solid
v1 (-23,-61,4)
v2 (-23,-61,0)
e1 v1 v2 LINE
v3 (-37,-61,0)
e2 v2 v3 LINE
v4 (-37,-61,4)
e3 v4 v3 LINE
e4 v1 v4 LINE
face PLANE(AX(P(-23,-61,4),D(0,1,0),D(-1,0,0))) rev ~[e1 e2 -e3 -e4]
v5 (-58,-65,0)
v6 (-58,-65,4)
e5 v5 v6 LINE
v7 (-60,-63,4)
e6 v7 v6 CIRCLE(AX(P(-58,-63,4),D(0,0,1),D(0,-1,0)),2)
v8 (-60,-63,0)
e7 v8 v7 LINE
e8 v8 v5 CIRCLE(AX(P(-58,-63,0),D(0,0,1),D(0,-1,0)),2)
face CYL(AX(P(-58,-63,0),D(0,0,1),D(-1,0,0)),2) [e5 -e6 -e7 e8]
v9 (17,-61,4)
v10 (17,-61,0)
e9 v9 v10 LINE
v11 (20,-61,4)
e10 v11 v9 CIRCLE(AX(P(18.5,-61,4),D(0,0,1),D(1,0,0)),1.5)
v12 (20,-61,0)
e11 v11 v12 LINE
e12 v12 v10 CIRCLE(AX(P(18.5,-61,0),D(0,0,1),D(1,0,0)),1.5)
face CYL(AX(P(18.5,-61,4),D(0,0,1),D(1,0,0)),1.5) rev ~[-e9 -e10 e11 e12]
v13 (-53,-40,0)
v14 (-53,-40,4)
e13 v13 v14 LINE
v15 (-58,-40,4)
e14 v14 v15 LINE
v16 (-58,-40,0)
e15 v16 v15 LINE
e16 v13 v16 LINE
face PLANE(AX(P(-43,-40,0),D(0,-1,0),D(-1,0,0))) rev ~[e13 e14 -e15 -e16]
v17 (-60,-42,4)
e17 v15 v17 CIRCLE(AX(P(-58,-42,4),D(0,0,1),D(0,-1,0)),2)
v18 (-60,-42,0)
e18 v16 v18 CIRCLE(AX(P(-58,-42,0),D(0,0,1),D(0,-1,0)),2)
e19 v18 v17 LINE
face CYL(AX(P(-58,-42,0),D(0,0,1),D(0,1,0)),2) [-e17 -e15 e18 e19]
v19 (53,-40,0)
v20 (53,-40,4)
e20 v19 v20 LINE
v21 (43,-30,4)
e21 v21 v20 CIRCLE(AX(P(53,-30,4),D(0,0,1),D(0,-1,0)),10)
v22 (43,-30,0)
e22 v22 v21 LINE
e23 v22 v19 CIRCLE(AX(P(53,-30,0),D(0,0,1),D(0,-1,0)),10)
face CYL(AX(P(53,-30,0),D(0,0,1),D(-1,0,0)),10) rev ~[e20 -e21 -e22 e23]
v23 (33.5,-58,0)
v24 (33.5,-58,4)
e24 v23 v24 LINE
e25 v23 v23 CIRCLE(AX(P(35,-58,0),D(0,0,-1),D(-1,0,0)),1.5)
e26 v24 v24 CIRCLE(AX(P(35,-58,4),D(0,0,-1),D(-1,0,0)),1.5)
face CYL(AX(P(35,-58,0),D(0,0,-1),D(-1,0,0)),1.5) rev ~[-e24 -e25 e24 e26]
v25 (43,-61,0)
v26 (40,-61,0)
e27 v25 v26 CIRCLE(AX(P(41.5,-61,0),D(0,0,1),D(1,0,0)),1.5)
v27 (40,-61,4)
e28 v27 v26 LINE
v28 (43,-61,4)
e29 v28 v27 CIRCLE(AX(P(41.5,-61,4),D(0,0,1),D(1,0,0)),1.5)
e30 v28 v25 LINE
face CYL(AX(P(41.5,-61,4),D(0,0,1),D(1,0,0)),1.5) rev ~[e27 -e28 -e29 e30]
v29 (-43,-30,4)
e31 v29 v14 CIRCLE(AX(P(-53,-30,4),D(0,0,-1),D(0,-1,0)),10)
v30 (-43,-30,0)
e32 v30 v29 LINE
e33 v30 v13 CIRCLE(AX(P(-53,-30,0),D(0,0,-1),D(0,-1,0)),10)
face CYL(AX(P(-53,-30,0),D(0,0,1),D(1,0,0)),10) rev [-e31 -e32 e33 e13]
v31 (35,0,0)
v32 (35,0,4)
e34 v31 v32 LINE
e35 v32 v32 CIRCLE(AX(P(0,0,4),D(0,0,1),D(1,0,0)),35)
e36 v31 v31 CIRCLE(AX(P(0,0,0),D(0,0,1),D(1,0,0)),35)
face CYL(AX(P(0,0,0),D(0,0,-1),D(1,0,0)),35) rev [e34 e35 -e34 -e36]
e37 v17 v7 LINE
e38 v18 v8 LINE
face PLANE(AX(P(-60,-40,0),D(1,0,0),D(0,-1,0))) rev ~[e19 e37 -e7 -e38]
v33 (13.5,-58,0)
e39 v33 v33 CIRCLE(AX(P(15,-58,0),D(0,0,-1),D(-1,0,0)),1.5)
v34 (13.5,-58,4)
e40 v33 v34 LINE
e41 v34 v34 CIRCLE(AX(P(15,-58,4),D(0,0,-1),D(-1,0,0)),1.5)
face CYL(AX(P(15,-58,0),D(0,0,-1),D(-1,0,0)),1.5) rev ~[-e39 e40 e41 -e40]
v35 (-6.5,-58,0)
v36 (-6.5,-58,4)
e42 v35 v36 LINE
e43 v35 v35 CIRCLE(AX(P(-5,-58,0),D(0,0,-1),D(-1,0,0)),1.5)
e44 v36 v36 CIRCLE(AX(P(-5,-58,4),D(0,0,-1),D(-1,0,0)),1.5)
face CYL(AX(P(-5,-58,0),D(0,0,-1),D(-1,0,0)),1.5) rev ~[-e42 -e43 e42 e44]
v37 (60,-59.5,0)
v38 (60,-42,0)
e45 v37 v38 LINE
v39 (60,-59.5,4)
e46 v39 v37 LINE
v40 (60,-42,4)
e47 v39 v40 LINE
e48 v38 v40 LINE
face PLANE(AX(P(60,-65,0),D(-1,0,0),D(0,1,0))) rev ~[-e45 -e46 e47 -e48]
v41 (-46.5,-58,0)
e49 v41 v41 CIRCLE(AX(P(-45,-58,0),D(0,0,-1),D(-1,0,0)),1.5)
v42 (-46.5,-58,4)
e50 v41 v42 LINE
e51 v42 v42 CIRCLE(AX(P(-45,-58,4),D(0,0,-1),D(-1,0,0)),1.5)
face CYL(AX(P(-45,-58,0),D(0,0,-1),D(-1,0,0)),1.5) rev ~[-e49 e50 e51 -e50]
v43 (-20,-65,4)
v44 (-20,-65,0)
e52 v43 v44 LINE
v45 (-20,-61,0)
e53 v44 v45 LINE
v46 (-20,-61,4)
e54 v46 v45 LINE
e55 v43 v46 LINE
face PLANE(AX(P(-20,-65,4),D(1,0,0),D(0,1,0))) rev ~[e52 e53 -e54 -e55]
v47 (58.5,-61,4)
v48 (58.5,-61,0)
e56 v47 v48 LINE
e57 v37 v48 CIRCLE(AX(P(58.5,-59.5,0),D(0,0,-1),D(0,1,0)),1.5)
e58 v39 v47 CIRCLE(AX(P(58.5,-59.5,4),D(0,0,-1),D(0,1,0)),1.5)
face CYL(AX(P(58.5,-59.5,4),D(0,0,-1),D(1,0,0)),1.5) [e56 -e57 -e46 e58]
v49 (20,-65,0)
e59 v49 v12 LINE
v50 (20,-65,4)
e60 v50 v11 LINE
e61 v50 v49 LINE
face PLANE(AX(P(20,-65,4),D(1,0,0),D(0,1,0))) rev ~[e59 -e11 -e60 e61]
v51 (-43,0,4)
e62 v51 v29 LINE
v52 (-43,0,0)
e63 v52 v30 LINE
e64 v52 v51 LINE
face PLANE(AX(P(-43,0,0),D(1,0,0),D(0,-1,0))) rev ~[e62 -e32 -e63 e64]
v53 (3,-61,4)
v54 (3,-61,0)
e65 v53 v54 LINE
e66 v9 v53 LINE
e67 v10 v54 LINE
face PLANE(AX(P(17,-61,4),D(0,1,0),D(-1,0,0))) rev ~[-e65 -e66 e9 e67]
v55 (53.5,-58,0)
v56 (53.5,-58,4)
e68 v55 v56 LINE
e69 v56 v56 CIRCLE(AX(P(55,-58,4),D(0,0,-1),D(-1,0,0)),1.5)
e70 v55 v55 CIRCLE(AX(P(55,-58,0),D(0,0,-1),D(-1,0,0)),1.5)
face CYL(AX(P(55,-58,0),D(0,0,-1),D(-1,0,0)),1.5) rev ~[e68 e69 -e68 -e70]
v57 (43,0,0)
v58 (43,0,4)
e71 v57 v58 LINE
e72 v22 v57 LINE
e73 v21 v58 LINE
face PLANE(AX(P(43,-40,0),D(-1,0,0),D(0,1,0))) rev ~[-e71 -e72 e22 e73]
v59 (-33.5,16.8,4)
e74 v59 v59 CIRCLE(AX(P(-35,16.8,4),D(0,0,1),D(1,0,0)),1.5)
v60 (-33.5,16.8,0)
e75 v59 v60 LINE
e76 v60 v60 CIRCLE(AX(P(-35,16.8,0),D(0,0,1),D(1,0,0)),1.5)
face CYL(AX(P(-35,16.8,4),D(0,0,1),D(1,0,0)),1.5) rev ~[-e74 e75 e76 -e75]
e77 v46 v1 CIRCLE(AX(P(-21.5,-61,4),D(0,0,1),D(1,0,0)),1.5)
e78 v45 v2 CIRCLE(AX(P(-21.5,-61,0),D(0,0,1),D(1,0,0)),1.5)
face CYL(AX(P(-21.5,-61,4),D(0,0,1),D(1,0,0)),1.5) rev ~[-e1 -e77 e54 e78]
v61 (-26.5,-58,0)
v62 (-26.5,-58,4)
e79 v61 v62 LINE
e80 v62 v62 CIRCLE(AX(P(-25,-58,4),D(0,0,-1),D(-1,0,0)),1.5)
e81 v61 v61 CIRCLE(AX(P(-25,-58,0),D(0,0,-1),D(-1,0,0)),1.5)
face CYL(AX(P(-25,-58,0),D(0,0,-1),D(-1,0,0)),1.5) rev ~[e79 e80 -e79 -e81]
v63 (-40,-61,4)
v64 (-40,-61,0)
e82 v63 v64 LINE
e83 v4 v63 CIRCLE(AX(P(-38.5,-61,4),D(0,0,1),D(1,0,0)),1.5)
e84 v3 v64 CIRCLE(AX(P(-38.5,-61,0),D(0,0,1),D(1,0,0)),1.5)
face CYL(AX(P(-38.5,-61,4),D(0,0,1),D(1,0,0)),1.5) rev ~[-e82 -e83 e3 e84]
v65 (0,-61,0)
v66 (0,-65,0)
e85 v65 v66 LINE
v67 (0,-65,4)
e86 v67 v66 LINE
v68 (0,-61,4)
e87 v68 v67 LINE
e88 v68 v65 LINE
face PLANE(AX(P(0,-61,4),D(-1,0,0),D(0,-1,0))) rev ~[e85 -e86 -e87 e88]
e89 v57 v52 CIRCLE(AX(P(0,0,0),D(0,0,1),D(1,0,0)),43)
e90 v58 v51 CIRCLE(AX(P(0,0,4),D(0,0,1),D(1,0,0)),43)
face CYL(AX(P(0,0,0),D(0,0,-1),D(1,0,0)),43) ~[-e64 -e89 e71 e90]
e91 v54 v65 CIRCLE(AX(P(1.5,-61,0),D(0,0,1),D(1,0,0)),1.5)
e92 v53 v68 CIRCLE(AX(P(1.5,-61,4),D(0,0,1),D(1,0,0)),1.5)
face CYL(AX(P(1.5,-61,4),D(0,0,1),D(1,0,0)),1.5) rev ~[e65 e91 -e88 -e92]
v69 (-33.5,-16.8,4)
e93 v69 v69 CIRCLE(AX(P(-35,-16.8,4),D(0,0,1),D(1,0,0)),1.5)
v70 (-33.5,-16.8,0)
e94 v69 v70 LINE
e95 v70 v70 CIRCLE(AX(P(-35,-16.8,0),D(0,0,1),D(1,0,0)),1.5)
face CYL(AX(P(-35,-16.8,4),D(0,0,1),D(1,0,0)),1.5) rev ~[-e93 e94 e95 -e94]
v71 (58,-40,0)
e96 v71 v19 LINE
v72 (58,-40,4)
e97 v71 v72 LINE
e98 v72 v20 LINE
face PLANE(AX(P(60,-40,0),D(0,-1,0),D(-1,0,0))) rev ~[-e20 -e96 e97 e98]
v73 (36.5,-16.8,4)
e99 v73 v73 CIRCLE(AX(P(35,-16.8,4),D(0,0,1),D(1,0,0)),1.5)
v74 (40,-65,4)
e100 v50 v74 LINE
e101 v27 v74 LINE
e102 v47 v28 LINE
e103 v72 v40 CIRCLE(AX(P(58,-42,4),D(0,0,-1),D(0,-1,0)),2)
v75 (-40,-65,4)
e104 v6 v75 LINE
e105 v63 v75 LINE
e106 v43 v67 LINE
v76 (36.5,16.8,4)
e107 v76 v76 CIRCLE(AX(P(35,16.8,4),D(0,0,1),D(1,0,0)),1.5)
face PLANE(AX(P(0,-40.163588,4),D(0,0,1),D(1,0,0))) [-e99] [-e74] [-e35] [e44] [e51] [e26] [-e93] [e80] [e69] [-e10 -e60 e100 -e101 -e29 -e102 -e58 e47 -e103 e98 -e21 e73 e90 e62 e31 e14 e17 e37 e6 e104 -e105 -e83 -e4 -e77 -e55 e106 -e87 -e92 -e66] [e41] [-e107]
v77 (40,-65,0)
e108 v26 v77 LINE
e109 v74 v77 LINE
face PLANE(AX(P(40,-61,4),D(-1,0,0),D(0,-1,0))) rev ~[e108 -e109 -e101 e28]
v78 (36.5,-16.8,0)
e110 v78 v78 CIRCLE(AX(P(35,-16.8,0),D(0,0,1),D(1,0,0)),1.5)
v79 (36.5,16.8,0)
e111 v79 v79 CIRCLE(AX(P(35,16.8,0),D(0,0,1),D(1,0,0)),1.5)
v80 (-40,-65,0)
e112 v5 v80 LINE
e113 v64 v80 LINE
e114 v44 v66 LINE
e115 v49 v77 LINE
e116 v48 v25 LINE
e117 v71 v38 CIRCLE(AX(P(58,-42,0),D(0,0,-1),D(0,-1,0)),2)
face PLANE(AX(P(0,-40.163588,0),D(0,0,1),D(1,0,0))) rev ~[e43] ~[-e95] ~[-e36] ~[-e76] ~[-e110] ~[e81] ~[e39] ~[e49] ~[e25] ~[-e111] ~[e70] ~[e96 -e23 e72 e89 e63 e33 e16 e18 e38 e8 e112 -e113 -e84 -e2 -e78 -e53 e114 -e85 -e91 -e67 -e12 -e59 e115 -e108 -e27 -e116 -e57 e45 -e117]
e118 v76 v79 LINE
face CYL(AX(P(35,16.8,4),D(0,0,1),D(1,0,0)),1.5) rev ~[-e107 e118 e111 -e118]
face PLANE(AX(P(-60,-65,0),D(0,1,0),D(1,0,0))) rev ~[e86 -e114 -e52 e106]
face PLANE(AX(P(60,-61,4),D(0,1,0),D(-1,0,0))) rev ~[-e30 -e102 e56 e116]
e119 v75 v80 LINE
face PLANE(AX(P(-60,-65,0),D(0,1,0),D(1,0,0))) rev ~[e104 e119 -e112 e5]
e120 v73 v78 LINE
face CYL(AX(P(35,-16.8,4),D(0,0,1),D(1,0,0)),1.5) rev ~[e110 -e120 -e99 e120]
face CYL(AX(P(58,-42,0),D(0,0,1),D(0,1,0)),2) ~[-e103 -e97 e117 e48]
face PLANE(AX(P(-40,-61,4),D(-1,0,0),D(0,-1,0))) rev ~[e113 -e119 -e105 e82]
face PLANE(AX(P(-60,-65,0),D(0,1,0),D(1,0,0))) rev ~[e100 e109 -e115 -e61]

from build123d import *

# Parameters (mm, degrees)
SKETCH_1_R          = 43
SKETCH_1_R_2        = 35
EXTRUDE_1_DEPTH     = 4
SKETCH_2_R          = 1.5
CUT_EXTRUDE_1_DEPTH = 10
FILLET_1_R          = 10
FILLET_2_R          = 2
CUT_EXTRUDE_2_DEPTH = 10
FILLET_3_R          = 1.5
SKETCH_4_R          = 1.5
CUT_EXTRUDE_3_DEPTH = 4


with BuildPart() as part:
    # 草图1 → 凸台-拉伸1 (new body)
    # profile 1 of 2: a face of its own
    with BuildSketch(Plane.XY):
        Circle(SKETCH_1_R)
        Circle(SKETCH_1_R_2, mode=Mode.SUBTRACT)
    # profile 2 of 2: a face of its own
    with BuildSketch(Plane.XY):
        with BuildLine():
            ThreePointArc((43, 0), (0, -43), (-43, 0))
            Line((-43, 0), (-43, -40))
            Line((-43, -40), (-60, -40))
            Line((-60, -40), (-60, -65))
            Line((-60, -65), (60, -65))
            Line((60, -65), (60, -40))
            Line((60, -40), (43, -40))
            Line((43, -40), (43, 0))
        make_face()
    extrude(amount=EXTRUDE_1_DEPTH)

    # 草图2 → 切除-拉伸1 (cut)
    with BuildSketch(Plane.XY.offset(4)):
        with Locations((-35, 16.8)):
            Circle(SKETCH_2_R)
        with Locations((-35, -16.8)):
            Circle(SKETCH_2_R)
        with Locations((35, -16.8)):
            Circle(SKETCH_2_R)
        with Locations((35, 16.8)):
            Circle(SKETCH_2_R)
    extrude(amount=-CUT_EXTRUDE_1_DEPTH, mode=Mode.SUBTRACT)

    # 圆角1
    fillet_1_edges = [part.edges().sort_by_distance(p)[0] for p in [
        (43, -40, 2),
        (-43, -40, 2),
    ]]
    fillet(fillet_1_edges, radius=FILLET_1_R)

    # 圆角2
    fillet_2_edges = [part.edges().sort_by_distance(p)[0] for p in [
        (60, -40, 2),
        (60, -65, 2),
        (-60, -65, 2),
        (-60, -40, 2),
    ]]
    fillet(fillet_2_edges, radius=FILLET_2_R)

    # 草图3 → 切除-拉伸2 (cut)
    with BuildSketch(Plane.XY.offset(4)):
        Polygon((-40, -61), (-40, -65), (-20, -65), (-20, -61), (-23, -61), (-37, -61), align=None)
        with BuildLine():
            ThreePointArc((-37, -61), (-38.5, -59.5), (-40, -61))
            Line((-40, -61), (-37, -61))
        make_face()
        with BuildLine():
            Line((-23, -61), (-20, -61))
            ThreePointArc((-20, -61), (-21.5, -59.5), (-23, -61))
        make_face()
        with BuildLine():
            ThreePointArc((3, -61), (1.5, -59.5), (0, -61))
            Line((0, -61), (3, -61))
        make_face()
        Polygon((0, -61), (0, -65), (20, -65), (20, -61), (17, -61), (3, -61), align=None)
        with BuildLine():
            Line((17, -61), (20, -61))
            ThreePointArc((20, -61), (18.5, -59.5), (17, -61))
        make_face()
        with BuildLine():
            ThreePointArc((43, -61), (41.5, -59.5), (40, -61))
            Line((40, -61), (43, -61))
        make_face()
        with BuildLine():
            Line((40, -61), (40, -65))
            Line((40, -65), (58, -65))
            ThreePointArc((58, -65), (59.414213562, -64.414213562), (60, -63))
            Line((60, -63), (60, -61))
            Line((60, -61), (43, -61))
            Line((43, -61), (40, -61))
        make_face()
    extrude(amount=-CUT_EXTRUDE_2_DEPTH, mode=Mode.SUBTRACT)

    # 圆角3
    fillet_3_edges = [part.edges().sort_by_distance(p)[0] for p in [
        (60, -61, 2),
    ]]
    fillet(fillet_3_edges, radius=FILLET_3_R)

    # 草图4 → 切除-拉伸3 (cut)
    with BuildSketch(Plane(origin=(0, 0, 0), x_dir=(-1, 0, 0), z_dir=(0, 0, -1))):
        with Locations((-55, -58)):
            Circle(SKETCH_4_R)
        with Locations((-35, -58)):
            Circle(SKETCH_4_R)
        with Locations((-15, -58)):
            Circle(SKETCH_4_R)
        with Locations((5, -58)):
            Circle(SKETCH_4_R)
        with Locations((25, -58)):
            Circle(SKETCH_4_R)
        with Locations((45, -58)):
            Circle(SKETCH_4_R)
    extrude(amount=-CUT_EXTRUDE_3_DEPTH, mode=Mode.SUBTRACT)


solid = part.part
